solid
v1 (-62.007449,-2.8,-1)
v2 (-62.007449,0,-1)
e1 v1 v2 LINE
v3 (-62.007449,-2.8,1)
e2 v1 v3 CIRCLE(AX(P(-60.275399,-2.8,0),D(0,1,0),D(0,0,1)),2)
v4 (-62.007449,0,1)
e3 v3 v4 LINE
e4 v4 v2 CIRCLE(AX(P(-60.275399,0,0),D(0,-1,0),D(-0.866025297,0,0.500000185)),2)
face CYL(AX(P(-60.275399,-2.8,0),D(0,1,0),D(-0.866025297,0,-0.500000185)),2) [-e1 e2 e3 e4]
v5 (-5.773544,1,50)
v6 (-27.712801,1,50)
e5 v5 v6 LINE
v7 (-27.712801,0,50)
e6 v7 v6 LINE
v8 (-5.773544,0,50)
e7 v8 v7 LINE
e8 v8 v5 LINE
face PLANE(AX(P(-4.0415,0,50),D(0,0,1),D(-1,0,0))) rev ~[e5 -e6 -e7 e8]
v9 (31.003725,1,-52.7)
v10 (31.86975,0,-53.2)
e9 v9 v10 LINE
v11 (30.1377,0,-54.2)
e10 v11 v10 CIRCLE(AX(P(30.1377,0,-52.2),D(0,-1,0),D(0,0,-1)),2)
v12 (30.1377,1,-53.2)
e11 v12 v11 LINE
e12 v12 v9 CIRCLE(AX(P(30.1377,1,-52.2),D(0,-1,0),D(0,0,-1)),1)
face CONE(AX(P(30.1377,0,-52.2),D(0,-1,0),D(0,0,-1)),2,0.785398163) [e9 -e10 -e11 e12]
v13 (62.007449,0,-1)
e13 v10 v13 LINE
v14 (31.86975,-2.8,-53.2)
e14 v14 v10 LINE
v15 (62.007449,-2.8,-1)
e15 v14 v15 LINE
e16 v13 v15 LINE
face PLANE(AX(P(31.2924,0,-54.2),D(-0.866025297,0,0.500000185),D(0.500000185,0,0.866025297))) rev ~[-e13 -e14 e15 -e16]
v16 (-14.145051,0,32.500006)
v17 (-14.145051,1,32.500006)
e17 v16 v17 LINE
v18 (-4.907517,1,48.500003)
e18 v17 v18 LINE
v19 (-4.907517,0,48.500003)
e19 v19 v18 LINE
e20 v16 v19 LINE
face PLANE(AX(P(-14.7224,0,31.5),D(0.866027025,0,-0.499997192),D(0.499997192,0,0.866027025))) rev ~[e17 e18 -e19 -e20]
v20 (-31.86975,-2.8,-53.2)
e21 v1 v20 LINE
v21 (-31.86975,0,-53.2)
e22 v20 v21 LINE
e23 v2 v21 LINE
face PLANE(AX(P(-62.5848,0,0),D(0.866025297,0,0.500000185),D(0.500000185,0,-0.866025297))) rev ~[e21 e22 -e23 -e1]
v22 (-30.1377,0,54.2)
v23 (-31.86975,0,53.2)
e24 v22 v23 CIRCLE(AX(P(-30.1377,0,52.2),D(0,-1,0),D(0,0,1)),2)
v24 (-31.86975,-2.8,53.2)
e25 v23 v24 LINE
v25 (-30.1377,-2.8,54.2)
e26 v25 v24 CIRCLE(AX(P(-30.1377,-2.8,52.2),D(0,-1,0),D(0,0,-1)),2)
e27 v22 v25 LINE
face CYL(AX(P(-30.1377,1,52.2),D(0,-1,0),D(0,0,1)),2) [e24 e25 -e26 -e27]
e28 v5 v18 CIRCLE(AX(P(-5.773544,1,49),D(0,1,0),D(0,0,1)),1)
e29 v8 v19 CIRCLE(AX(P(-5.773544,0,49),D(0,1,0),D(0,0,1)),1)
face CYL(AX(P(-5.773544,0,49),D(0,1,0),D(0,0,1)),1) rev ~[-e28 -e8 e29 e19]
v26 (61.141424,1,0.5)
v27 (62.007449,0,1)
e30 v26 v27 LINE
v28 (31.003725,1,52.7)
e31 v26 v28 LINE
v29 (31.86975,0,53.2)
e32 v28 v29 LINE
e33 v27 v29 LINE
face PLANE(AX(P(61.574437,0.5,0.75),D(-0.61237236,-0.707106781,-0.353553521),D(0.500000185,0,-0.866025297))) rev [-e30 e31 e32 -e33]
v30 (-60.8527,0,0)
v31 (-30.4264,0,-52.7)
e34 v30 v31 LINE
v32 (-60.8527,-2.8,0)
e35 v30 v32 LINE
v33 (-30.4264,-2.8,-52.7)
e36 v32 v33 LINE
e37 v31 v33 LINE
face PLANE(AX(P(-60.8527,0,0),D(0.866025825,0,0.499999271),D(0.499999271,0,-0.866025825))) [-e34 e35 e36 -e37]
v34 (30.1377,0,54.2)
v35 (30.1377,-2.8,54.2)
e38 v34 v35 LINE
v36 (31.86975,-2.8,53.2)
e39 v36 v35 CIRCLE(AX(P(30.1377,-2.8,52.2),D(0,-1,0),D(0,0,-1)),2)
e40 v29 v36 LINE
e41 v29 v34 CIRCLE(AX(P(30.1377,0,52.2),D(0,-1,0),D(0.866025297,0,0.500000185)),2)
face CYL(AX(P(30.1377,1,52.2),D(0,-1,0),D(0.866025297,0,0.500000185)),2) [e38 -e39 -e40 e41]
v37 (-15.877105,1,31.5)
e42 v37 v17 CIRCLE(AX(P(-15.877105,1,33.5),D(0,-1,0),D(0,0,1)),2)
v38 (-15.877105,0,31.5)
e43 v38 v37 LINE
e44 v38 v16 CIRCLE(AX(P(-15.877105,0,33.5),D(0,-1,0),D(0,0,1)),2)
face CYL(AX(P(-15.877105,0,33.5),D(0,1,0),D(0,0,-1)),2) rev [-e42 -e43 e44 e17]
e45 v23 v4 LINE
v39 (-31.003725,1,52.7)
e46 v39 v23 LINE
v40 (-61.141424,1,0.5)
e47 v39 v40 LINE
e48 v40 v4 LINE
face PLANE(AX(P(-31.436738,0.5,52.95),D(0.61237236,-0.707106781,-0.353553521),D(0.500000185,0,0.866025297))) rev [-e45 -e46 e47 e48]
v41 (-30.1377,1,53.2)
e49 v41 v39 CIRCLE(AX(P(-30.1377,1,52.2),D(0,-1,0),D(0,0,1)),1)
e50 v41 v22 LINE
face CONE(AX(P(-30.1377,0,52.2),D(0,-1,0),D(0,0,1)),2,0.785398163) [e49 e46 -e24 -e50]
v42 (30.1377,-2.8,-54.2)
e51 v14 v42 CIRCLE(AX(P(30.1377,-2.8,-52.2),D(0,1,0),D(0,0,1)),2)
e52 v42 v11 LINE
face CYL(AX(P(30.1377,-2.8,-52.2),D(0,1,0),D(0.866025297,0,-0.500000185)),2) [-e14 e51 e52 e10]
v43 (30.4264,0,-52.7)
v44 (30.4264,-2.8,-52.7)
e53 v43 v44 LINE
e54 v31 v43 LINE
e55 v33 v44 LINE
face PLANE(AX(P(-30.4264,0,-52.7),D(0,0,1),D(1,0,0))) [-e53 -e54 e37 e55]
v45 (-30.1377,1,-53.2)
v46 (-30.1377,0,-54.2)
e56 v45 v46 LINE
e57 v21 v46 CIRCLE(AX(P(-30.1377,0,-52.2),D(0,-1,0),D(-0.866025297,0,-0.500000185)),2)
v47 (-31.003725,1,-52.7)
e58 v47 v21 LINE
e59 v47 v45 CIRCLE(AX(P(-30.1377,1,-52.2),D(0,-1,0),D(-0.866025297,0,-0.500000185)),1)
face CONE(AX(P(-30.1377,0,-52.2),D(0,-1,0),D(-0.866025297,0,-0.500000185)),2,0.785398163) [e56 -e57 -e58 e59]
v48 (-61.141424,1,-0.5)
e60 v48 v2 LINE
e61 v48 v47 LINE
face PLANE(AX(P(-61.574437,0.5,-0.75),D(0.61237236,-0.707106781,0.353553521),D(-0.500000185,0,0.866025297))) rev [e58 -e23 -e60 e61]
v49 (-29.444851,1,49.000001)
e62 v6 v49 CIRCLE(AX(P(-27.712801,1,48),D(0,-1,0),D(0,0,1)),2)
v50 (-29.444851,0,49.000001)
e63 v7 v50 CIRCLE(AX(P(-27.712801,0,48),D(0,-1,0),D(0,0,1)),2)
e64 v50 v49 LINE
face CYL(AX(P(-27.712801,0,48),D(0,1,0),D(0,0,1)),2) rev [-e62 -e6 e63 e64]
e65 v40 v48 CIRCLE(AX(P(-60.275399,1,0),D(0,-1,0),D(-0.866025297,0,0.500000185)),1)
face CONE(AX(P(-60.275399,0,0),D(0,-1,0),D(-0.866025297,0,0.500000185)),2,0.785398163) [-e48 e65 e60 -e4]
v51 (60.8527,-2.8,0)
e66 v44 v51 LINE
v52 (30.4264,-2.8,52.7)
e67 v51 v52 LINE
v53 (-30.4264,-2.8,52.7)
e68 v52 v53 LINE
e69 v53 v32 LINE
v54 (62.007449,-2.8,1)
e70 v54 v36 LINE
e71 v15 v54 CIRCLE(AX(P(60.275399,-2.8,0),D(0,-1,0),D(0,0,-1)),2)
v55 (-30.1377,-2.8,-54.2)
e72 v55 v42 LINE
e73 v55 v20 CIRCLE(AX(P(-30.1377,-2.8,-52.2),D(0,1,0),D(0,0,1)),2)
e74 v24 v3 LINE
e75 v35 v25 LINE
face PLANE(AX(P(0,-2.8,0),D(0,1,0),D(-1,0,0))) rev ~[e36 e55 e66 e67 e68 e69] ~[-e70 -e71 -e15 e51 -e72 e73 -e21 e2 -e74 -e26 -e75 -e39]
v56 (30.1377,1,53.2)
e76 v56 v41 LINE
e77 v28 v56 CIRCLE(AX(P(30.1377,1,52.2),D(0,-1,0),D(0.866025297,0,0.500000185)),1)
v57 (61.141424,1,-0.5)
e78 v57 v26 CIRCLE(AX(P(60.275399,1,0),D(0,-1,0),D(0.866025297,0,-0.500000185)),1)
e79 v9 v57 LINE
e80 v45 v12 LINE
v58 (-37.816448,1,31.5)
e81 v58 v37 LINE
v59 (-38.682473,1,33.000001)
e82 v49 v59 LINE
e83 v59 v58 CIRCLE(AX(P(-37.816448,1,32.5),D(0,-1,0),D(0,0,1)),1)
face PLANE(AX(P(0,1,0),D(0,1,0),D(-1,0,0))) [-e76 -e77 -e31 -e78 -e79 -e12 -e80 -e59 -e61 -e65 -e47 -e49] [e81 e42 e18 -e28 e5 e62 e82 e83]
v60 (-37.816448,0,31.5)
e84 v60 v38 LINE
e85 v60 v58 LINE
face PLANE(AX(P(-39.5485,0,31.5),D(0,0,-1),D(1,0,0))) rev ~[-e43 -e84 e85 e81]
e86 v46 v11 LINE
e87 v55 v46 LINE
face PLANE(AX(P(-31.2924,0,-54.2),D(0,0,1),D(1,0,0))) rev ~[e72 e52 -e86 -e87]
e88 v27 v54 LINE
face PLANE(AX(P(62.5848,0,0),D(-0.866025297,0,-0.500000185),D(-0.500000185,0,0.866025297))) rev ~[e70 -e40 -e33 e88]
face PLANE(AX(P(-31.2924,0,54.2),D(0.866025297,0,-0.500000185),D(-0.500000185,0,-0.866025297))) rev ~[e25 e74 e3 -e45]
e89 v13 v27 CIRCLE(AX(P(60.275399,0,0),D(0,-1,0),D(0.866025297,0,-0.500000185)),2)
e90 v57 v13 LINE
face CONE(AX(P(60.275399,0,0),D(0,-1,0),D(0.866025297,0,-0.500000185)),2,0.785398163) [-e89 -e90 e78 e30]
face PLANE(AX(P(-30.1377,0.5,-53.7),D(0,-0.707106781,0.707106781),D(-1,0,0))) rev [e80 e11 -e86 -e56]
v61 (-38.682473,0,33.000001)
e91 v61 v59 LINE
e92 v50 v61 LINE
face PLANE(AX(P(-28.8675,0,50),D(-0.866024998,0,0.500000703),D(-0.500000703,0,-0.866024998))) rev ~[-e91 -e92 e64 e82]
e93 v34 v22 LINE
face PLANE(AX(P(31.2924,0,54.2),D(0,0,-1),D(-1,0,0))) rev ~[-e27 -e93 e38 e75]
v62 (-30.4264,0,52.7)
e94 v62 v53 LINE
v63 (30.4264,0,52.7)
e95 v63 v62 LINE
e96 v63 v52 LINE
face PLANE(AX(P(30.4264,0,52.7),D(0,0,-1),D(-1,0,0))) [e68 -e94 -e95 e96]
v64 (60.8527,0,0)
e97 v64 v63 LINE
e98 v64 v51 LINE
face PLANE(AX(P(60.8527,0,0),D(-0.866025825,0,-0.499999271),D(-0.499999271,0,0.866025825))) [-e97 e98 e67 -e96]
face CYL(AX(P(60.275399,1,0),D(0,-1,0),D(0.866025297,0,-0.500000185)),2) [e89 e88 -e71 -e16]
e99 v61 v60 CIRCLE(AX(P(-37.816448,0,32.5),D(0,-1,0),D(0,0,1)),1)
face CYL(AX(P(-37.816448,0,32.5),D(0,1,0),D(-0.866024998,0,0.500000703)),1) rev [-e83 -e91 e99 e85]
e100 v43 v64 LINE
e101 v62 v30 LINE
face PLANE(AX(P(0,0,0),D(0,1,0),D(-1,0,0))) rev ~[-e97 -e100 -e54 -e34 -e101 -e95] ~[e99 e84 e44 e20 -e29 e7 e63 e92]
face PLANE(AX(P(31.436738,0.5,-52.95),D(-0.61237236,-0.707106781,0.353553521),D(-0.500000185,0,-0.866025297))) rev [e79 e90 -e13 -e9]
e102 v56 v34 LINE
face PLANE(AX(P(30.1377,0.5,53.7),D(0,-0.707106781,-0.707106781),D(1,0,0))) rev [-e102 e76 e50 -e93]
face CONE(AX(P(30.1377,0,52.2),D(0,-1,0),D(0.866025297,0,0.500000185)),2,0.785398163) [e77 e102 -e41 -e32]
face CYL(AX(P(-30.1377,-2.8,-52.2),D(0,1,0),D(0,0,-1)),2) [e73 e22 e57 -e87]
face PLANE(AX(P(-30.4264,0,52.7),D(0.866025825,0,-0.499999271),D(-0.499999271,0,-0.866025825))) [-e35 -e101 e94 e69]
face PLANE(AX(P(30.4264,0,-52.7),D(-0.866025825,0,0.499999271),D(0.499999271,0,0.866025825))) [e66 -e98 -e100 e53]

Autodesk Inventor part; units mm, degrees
ref_plane "YZ Plane" through (0, 0, 0) normal (1, 0, 0) x (0, 1, 0)
ref_plane "XZ Plane" through (0, 0, 0) normal (0, 1, 0) x (-1, 0, 0)
ref_plane "XY Plane" through (0, 0, 0) normal (0, 0, 1) x (1, 0, 0)
sketch "Sketch1" plane through (0, 0, 0) normal (0, 1, 0) x (-1, 0, 0)
  line L0 (-29.4449, -51) -> (-58.8897, 0)
  line L1 (-58.8897, 0) -> (-29.4449, 51)
  line L2 (-29.4449, 51) -> (29.4449, 51)
  line L3 (29.4449, 51) -> (58.8897, 0)
  line L4 (58.8897, 0) -> (29.4449, -51)
  line L5 (29.4449, -51) -> (-29.4449, -51)
  line L6 (-31.2924, -54.2) -> (-62.5848, 0)
  line L7 (-62.5848, 0) -> (-31.2924, 54.2)
  line L8 (-31.2924, 54.2) -> (31.2924, 54.2)
  line L9 (31.2924, 54.2) -> (62.5848, 0)
  line L10 (62.5848, 0) -> (31.2924, -54.2)
  line L11 (31.2924, -54.2) -> (-31.2924, -54.2)
  line L12 (-30.3109, -52.5) -> (-60.6218, 0)
  line L13 (-60.6218, 0) -> (-30.3109, 52.5)
  line L14 (-30.3109, 52.5) -> (30.3109, 52.5)
  line L15 (30.3109, 52.5) -> (60.6218, 0)
  line L16 (60.6218, 0) -> (30.3109, -52.5)
  line L17 (30.3109, -52.5) -> (-30.3109, -52.5)
  line L18 (-30.4264, -52.7) -> (-60.8527, 0)
  line L19 (-60.8527, 0) -> (-30.4264, 52.7)
  line L20 (-30.4264, 52.7) -> (30.4264, 52.7)
  line L21 (30.4264, 52.7) -> (60.8527, 0)
  line L22 (60.8527, 0) -> (30.4264, -52.7)
  line L23 (30.4264, -52.7) -> (-30.4264, -52.7)
  line L24 (0, -51) -> (0, -52.5) construction
  line L25 (0, -52.7) -> (0, -54.2) construction
  line L26 (28.8675, 50) -> (39.5485, 31.5)
  line L27 (39.5485, 31.5) -> (14.7224, 31.5)
  line L28 (14.7224, 31.5) -> (4.0415, 50)
  line L29 (4.0415, 50) -> (28.8675, 50)
  line L30 (-29.1562, 50.5) -> (29.1562, 50.5) construction
  line L31 (29.1562, 50.5) -> (58.3124, 0) construction
  line L32 (58.3124, 0) -> (29.1562, -50.5) construction
  line L33 (29.1562, -50.5) -> (-29.1562, -50.5) construction
  line L34 (-29.1562, -50.5) -> (-58.3124, 0) construction
  line L35 (-58.3124, 0) -> (-29.1562, 50.5) construction
  line L36 (40.2124, 30.35) -> (14.0007, 30.35) construction
  line L37 (14.0007, 30.35) -> (2.6558, 50) construction
  point P0 (0, 0)
  point P1 (0, 0)
  point P2 (0, 0)
  dimension "d0" = 102
  dimension "d1" = 3.2
  dimension "d2" = 0.2
  dimension "d3" = 1
  dimension "d4" = 1
  dimension "d5" = 101
  dimension "d6" = 19
  dimension "d7" = 21.5
  dimension "Outside" = 108.4
  dimension "d17" = 20.15
  dimension "d18" = 23.2
  dimension "d19" = 1.15
  dimension "d20" = 1.2
extrude "Extrusion1" add sketch "Sketch1" along normal blind 1 contours L0 L1 L2 L3 L4 L5 | L6 L7 L8 L9 L10 L11 | L12 L13 L14 L15 L16 L17 | L18 L19 L20 L21 L22 L23
extrude "Extrusion2" add sketch "Sketch1" against normal blind 2.8 contours L6 L7 L8 L9 L10 L11
fillet "Fillet1" radius 2 2 edges at (-28.8675, 0.5, 50) (-14.7224, 0.5, 31.5)
fillet "Fillet1" radius 1 2 edges at (-39.5485, 0.5, 31.5) (-4.0415, 0.5, 50)
fillet "Fillet1" radius 2 6 edges at (-31.2924, -0.9, 54.2) (31.2924, -0.9, 54.2) (62.5848, -0.9, 0) (31.2924, -0.9, -54.2) (-31.2924, -0.9, -54.2) (-62.5848, -0.9, 0)
chamfer "Chamfer1" distance 1 angle 45 12 edges at (-46.9386, 1, -27.1) (-62.2754, 1, 0) (-46.9386, 1, 27.1) (-31.1377, 1, 53.9321) (0, 1, 54.2) (31.1377, 1, 53.9321) (46.9386, 1, 27.1) (62.2754, 1, 0) (46.9386, 1, -27.1) (31.1377, 1, -53.9321) (0, 1, -54.2) (-31.1377, 1, -53.9321)
equation "\"d0\" = Inside"
equation "\"d4\" = d3"
equation "\"d5\" = FlatDiameter"
equation "\"d17\" = CouncilHomeHeight"
equation "\"d18\" = CouncilHomeWidth"
equation "\"d8\" = FaceThickness"
equation "\"d10\" = LidDepth - Clearance"
equation "\"Clearance\" = 0.2"
equation "\"LidDepth\" = 3"
equation "\"FaceThickness\" = 1"
equation "\"Inside\" = 102"
equation "\"FlatDiameter\" = 101"
equation "\"CouncilHomeHeight\" = 20.15"
equation "\"CouncilHomeWidth\" = 23.2"
properties part number "Factions_Lid" material "ABS Plastic"
